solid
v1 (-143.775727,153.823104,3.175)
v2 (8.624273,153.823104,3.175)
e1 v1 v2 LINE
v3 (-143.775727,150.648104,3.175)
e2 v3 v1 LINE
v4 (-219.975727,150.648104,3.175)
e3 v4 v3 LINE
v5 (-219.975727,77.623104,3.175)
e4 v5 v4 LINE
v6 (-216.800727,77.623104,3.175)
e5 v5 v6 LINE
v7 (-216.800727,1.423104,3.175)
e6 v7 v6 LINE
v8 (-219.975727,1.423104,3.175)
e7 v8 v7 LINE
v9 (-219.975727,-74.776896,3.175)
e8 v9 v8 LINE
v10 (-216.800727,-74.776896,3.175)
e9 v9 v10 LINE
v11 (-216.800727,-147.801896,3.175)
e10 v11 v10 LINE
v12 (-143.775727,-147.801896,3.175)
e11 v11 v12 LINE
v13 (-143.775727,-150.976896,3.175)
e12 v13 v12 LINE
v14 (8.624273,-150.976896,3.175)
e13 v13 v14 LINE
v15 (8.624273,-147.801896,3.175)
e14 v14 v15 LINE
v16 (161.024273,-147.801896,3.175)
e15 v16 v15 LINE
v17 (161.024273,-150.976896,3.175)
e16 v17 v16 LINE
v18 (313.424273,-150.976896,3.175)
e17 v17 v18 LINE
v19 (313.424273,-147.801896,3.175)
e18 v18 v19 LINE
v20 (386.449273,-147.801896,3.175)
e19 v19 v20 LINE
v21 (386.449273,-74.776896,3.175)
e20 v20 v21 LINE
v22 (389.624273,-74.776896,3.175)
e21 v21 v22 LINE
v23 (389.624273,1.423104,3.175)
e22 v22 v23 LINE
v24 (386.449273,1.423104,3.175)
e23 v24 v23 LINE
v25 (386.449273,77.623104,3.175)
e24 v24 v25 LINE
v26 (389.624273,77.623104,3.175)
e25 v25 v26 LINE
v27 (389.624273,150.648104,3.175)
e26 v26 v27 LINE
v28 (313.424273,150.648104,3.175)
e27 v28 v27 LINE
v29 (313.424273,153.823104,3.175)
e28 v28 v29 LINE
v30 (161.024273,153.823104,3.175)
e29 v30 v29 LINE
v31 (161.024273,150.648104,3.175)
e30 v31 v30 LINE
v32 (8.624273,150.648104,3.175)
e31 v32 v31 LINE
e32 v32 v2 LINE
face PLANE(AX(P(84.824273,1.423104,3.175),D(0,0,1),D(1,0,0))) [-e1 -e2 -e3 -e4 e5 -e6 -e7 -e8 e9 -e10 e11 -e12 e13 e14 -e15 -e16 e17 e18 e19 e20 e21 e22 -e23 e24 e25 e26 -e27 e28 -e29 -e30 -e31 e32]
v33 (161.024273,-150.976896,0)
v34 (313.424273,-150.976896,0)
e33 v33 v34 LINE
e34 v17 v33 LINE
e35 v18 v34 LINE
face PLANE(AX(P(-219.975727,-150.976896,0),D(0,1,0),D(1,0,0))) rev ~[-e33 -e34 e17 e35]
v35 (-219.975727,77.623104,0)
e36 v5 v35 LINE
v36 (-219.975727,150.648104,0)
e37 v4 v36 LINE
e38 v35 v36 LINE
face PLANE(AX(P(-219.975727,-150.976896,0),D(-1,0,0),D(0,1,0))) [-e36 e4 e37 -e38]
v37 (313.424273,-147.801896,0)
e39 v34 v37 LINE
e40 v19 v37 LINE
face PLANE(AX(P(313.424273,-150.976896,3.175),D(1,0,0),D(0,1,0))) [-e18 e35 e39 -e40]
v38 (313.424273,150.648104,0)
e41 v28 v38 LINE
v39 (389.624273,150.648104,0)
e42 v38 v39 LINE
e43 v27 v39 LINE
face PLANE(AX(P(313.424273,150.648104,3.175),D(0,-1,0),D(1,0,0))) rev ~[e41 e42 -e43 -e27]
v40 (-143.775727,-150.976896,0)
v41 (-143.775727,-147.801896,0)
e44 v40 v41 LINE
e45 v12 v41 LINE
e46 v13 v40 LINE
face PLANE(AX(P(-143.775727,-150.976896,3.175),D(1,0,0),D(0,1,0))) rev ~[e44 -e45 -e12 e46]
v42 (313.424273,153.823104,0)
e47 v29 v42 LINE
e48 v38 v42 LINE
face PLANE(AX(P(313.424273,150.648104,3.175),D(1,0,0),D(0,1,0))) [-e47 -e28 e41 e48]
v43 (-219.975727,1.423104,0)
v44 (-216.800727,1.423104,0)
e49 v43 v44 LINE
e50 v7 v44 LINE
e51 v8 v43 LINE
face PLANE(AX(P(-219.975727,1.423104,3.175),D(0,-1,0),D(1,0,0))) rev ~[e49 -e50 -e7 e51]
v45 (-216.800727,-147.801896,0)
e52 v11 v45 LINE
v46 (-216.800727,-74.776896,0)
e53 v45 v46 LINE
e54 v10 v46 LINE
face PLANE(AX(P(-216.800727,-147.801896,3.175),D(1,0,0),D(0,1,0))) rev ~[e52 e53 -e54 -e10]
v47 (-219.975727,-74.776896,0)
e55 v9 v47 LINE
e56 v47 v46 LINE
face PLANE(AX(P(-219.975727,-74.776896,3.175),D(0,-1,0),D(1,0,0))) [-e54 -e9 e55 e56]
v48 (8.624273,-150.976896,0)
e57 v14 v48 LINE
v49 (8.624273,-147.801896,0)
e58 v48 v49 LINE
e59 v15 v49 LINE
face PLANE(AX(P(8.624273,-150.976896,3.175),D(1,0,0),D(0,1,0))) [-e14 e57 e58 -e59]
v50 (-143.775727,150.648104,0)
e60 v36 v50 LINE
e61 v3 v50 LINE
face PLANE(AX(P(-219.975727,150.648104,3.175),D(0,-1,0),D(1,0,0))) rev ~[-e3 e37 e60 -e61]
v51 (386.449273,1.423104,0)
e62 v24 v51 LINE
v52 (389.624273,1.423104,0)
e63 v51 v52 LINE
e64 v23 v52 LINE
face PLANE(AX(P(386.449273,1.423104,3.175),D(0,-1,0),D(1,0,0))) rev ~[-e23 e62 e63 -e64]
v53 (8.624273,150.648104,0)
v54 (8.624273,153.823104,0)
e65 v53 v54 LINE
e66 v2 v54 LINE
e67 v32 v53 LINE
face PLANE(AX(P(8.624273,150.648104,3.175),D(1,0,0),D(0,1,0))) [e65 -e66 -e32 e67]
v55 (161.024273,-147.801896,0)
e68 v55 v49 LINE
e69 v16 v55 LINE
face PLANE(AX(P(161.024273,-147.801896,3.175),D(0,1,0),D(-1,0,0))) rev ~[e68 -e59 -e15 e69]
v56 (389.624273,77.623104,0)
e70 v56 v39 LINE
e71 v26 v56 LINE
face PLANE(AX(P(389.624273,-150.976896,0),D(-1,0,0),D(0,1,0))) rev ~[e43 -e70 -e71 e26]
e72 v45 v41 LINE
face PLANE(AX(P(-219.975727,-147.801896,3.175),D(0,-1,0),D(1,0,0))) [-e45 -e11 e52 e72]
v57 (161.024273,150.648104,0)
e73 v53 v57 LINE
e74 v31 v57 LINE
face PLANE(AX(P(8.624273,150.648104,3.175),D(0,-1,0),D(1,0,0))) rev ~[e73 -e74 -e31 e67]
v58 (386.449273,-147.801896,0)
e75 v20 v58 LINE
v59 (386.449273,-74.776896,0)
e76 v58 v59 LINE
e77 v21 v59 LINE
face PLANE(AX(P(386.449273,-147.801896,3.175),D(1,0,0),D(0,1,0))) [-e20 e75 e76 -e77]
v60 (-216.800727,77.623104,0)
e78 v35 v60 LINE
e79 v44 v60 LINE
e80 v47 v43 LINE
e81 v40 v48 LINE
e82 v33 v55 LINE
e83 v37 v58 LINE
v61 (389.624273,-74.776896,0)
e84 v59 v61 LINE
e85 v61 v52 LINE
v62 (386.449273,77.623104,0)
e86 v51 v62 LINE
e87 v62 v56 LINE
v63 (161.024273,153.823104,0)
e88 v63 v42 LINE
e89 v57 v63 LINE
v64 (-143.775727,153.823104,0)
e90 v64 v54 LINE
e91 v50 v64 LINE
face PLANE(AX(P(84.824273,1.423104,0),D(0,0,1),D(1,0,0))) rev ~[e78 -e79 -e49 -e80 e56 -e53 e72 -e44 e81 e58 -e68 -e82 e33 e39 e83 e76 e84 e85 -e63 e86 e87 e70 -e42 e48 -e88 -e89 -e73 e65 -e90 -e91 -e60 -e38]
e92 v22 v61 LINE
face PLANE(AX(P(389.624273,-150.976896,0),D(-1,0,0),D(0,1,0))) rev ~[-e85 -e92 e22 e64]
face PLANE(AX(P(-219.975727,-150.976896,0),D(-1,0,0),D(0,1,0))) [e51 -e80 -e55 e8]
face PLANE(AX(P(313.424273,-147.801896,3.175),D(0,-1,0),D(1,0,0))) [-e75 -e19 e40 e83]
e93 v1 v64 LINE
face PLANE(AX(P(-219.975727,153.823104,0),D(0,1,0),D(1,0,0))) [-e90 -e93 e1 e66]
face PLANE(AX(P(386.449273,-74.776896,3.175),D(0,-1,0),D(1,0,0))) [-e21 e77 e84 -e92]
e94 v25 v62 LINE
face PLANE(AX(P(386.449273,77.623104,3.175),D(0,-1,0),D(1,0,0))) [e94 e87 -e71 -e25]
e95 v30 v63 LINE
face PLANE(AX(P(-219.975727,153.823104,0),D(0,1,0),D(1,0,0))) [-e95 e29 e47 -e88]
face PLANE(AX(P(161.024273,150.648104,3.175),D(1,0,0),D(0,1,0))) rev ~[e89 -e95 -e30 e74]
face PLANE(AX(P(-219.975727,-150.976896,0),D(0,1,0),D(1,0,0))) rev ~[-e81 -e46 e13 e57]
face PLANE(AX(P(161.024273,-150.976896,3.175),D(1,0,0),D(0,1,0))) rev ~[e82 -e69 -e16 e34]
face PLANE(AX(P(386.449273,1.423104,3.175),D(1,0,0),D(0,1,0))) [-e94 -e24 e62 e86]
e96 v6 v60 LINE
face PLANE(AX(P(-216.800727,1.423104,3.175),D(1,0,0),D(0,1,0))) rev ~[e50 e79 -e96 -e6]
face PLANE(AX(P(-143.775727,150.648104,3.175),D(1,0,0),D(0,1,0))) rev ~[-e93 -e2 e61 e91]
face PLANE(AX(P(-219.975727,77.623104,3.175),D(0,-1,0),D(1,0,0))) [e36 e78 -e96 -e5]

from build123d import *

# Parameters (mm, degrees)
F0_W     = 609.6
F0_H     = 304.8
F1_DEPTH = 3.175
F2_W     = 76.2
F2_H     = 3.175
F3_DEPTH = 3.176
F4_W     = 3.175
F4_H     = 76.2
F4_H_2   = 73.025
F5_DEPTH = 3.176


with BuildPart() as f1:
    # F0 (on Top) → F1 (new body)
    with BuildSketch(Plane.XY):
        with Locations((84.824273, 1.423104)):
            Rectangle(F0_W, F0_H)
    extrude(amount=F1_DEPTH)

    # F2 (on face) → F3 (cut, through all)
    with BuildSketch(Plane.XY.offset(3.175)):
        with Locations((-181.875727, 152.235604)):
            Rectangle(F2_W, F2_H)
        with Locations((351.524273, 152.235604)):
            Rectangle(F2_W, F2_H)
        with Locations((-181.875727, -149.389396)):
            Rectangle(F2_W, F2_H)
        with Locations((351.524273, -149.389396)):
            Rectangle(F2_W, F2_H)
        with Locations((46.724273, 152.235604)):
            Rectangle(F2_W, F2_H)
        with Locations((122.924273, 152.235604)):
            Rectangle(F2_W, F2_H)
        with Locations((46.724273, -149.389396)):
            Rectangle(F2_W, F2_H)
        with Locations((122.924273, -149.389396)):
            Rectangle(F2_W, F2_H)
    extrude(amount=-F3_DEPTH, mode=Mode.SUBTRACT)

    # F4 (on face) → F5 (cut, through all)
    with BuildSketch(Plane.XY.offset(3.175)):
        with Locations((388.036773, 39.523104)):
            Rectangle(F4_W, F4_H)
        with Locations((388.036773, -111.289396)):
            Rectangle(F4_W, F4_H_2)
        with Locations((-218.388227, -111.289396)):
            Rectangle(F4_W, F4_H_2)
        with Locations((-218.388227, 39.523104)):
            Rectangle(F4_W, F4_H)
    extrude(amount=-F5_DEPTH, mode=Mode.SUBTRACT)


solid = f1.part
